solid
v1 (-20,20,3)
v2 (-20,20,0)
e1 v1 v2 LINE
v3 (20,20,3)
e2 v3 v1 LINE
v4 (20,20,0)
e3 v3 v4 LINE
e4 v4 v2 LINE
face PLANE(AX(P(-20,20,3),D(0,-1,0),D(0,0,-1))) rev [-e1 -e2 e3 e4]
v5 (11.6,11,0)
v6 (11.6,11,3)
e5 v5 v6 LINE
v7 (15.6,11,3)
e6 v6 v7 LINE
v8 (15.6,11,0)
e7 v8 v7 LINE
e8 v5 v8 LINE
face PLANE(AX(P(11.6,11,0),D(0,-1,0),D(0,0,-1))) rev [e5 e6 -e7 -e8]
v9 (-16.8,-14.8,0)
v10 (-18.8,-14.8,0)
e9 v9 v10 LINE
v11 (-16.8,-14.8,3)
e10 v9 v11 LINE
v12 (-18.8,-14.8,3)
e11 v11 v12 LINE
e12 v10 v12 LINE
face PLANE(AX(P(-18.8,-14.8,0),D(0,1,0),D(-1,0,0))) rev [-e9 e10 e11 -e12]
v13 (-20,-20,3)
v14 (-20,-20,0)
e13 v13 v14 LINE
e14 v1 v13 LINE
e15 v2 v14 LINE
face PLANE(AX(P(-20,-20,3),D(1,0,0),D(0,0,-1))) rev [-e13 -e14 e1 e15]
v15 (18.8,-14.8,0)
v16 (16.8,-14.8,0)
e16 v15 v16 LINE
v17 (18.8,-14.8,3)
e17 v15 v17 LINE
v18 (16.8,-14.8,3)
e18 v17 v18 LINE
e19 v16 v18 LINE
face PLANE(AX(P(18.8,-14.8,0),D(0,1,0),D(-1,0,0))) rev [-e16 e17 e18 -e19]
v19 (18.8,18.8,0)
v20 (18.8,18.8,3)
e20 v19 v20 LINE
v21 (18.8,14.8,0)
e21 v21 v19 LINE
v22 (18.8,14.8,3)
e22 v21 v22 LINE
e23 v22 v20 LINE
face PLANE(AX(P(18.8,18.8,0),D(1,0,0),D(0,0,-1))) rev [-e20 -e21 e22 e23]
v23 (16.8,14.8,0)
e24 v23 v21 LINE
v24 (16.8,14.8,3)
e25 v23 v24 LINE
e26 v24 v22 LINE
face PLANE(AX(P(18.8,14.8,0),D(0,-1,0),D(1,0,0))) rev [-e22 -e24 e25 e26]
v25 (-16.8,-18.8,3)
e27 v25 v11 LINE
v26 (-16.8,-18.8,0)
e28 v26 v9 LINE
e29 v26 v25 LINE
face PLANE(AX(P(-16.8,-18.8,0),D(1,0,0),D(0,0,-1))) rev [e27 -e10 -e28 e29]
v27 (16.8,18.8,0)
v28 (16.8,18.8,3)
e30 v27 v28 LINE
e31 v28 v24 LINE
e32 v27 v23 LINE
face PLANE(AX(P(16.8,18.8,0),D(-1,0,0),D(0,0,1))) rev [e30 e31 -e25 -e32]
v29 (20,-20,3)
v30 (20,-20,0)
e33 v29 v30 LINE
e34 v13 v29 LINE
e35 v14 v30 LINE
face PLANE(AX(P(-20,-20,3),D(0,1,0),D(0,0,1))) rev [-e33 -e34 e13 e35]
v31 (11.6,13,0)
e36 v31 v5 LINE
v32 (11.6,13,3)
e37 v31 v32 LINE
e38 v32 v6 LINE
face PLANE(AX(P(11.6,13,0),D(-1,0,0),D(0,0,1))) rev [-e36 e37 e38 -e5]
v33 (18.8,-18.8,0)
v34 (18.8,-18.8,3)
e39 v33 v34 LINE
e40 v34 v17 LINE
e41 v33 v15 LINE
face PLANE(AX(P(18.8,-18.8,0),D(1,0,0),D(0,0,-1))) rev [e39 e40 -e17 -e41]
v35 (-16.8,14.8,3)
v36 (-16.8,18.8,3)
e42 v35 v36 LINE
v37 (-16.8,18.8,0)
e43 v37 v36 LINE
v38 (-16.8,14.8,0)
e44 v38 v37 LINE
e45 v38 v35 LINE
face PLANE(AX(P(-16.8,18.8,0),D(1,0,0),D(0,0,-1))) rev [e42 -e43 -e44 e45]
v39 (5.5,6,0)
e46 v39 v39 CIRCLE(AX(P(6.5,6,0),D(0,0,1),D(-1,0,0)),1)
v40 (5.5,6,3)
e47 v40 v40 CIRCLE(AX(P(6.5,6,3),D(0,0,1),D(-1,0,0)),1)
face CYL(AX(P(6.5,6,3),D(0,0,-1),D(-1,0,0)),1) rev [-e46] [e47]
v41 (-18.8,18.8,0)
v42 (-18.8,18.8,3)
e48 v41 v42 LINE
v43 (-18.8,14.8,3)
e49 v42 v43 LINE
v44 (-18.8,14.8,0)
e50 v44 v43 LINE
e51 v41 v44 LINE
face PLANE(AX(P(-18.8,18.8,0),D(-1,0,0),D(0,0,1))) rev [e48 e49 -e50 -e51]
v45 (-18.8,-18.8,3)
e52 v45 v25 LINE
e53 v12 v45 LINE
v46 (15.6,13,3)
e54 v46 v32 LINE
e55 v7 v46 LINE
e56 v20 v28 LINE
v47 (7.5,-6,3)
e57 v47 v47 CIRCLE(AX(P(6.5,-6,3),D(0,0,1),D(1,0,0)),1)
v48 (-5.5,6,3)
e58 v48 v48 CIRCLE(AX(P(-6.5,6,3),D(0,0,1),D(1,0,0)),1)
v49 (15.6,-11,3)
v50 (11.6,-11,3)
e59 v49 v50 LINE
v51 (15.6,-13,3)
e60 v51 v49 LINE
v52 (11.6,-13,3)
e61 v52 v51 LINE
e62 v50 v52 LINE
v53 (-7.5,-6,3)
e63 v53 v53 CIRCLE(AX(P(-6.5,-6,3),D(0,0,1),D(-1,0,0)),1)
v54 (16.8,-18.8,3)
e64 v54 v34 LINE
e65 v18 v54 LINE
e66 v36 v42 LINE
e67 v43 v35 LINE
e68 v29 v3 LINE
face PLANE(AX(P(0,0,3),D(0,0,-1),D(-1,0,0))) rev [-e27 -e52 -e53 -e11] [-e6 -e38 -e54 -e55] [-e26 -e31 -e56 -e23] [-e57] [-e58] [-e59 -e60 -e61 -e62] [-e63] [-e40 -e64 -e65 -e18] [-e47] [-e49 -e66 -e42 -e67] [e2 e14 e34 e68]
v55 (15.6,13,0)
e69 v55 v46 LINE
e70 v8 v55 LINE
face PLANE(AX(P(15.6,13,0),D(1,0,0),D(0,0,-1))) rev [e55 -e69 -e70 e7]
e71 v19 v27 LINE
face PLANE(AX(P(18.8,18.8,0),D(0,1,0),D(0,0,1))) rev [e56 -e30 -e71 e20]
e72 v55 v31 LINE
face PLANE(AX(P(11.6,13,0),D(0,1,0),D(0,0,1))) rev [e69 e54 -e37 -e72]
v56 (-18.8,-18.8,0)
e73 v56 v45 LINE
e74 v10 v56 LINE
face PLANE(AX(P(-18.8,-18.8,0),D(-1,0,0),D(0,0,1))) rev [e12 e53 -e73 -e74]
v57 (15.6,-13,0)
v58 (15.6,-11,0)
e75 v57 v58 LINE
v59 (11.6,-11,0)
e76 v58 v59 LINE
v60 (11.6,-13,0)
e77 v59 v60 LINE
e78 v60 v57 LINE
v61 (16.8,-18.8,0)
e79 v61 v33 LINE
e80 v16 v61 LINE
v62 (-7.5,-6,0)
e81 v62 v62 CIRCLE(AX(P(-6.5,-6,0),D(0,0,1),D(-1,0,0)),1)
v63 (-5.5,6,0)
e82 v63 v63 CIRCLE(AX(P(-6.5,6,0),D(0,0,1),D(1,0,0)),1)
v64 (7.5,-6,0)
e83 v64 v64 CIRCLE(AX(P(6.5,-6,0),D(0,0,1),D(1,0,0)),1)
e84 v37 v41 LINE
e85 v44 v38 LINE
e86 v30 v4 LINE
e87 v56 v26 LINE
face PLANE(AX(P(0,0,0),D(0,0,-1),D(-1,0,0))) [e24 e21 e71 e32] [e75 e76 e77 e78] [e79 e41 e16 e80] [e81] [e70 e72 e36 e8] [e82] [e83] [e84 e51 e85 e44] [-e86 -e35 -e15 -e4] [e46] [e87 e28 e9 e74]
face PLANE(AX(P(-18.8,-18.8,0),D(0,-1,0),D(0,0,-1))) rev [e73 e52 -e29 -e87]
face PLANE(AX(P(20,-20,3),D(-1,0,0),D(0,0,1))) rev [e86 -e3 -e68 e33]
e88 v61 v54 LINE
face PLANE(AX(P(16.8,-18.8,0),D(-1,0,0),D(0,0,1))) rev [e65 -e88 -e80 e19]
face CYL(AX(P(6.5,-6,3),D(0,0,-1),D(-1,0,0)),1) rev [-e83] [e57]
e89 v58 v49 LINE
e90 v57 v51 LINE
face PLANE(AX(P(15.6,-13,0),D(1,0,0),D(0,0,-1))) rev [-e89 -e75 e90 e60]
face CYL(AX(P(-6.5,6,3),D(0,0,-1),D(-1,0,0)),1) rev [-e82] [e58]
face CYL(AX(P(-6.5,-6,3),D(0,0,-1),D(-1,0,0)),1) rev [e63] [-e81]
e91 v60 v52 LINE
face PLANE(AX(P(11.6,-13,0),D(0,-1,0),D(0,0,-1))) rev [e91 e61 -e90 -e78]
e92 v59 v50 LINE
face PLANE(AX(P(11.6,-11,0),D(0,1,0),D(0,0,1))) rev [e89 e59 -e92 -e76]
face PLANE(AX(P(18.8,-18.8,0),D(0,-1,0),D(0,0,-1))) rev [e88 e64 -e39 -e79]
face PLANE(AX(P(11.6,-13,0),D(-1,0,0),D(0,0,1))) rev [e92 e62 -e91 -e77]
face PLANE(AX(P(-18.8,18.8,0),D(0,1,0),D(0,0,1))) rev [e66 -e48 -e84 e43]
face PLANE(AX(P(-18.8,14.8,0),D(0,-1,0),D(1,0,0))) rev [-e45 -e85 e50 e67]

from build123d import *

# Parameters (mm, degrees)
SKETCH1_W           = 40
SKETCH1_H           = 40
SKETCH1_R           = 1
BOSS_EXTRUDE1_DEPTH = 3
SKETCH2_W           = 2
SKETCH2_H           = 4
SKETCH2_W_2         = 4
SKETCH2_H_2         = 2
CUT_EXTRUDE1_DEPTH  = 29.442925307


with BuildPart() as part:
    # Sketch1 → Boss-Extrude1 (new body)
    with BuildSketch(Plane.XY):
        Rectangle(SKETCH1_W, SKETCH1_H)
        with Locations((6.5, -6)):
            Circle(SKETCH1_R, mode=Mode.SUBTRACT)
        with Locations(Location((-6.5, -6, 0), (0, 0, 180))):
            Circle(SKETCH1_R, mode=Mode.SUBTRACT)
        with Locations(Location((6.5, 6, 0), (0, 0, 180))):
            Circle(SKETCH1_R, mode=Mode.SUBTRACT)
        with Locations((-6.5, 6)):
            Circle(SKETCH1_R, mode=Mode.SUBTRACT)
    extrude(amount=BOSS_EXTRUDE1_DEPTH)

    # Sketch2 → Cut-Extrude1 (cut, through all)
    with BuildSketch(Plane.XY.offset(3)):
        with Locations((17.8, 16.8)):
            Rectangle(SKETCH2_W, SKETCH2_H)
        with Locations((-17.8, 16.8)):
            Rectangle(SKETCH2_W, SKETCH2_H)
        with Locations((13.6, 12)):
            Rectangle(SKETCH2_W_2, SKETCH2_H_2)
        with Locations((17.8, -16.8)):
            Rectangle(SKETCH2_W, SKETCH2_H)
        with Locations((-17.8, -16.8)):
            Rectangle(SKETCH2_W, SKETCH2_H)
        with Locations((13.6, -12)):
            Rectangle(SKETCH2_W_2, SKETCH2_H_2)
    extrude(amount=-CUT_EXTRUDE1_DEPTH, mode=Mode.SUBTRACT)


solid = part.part
